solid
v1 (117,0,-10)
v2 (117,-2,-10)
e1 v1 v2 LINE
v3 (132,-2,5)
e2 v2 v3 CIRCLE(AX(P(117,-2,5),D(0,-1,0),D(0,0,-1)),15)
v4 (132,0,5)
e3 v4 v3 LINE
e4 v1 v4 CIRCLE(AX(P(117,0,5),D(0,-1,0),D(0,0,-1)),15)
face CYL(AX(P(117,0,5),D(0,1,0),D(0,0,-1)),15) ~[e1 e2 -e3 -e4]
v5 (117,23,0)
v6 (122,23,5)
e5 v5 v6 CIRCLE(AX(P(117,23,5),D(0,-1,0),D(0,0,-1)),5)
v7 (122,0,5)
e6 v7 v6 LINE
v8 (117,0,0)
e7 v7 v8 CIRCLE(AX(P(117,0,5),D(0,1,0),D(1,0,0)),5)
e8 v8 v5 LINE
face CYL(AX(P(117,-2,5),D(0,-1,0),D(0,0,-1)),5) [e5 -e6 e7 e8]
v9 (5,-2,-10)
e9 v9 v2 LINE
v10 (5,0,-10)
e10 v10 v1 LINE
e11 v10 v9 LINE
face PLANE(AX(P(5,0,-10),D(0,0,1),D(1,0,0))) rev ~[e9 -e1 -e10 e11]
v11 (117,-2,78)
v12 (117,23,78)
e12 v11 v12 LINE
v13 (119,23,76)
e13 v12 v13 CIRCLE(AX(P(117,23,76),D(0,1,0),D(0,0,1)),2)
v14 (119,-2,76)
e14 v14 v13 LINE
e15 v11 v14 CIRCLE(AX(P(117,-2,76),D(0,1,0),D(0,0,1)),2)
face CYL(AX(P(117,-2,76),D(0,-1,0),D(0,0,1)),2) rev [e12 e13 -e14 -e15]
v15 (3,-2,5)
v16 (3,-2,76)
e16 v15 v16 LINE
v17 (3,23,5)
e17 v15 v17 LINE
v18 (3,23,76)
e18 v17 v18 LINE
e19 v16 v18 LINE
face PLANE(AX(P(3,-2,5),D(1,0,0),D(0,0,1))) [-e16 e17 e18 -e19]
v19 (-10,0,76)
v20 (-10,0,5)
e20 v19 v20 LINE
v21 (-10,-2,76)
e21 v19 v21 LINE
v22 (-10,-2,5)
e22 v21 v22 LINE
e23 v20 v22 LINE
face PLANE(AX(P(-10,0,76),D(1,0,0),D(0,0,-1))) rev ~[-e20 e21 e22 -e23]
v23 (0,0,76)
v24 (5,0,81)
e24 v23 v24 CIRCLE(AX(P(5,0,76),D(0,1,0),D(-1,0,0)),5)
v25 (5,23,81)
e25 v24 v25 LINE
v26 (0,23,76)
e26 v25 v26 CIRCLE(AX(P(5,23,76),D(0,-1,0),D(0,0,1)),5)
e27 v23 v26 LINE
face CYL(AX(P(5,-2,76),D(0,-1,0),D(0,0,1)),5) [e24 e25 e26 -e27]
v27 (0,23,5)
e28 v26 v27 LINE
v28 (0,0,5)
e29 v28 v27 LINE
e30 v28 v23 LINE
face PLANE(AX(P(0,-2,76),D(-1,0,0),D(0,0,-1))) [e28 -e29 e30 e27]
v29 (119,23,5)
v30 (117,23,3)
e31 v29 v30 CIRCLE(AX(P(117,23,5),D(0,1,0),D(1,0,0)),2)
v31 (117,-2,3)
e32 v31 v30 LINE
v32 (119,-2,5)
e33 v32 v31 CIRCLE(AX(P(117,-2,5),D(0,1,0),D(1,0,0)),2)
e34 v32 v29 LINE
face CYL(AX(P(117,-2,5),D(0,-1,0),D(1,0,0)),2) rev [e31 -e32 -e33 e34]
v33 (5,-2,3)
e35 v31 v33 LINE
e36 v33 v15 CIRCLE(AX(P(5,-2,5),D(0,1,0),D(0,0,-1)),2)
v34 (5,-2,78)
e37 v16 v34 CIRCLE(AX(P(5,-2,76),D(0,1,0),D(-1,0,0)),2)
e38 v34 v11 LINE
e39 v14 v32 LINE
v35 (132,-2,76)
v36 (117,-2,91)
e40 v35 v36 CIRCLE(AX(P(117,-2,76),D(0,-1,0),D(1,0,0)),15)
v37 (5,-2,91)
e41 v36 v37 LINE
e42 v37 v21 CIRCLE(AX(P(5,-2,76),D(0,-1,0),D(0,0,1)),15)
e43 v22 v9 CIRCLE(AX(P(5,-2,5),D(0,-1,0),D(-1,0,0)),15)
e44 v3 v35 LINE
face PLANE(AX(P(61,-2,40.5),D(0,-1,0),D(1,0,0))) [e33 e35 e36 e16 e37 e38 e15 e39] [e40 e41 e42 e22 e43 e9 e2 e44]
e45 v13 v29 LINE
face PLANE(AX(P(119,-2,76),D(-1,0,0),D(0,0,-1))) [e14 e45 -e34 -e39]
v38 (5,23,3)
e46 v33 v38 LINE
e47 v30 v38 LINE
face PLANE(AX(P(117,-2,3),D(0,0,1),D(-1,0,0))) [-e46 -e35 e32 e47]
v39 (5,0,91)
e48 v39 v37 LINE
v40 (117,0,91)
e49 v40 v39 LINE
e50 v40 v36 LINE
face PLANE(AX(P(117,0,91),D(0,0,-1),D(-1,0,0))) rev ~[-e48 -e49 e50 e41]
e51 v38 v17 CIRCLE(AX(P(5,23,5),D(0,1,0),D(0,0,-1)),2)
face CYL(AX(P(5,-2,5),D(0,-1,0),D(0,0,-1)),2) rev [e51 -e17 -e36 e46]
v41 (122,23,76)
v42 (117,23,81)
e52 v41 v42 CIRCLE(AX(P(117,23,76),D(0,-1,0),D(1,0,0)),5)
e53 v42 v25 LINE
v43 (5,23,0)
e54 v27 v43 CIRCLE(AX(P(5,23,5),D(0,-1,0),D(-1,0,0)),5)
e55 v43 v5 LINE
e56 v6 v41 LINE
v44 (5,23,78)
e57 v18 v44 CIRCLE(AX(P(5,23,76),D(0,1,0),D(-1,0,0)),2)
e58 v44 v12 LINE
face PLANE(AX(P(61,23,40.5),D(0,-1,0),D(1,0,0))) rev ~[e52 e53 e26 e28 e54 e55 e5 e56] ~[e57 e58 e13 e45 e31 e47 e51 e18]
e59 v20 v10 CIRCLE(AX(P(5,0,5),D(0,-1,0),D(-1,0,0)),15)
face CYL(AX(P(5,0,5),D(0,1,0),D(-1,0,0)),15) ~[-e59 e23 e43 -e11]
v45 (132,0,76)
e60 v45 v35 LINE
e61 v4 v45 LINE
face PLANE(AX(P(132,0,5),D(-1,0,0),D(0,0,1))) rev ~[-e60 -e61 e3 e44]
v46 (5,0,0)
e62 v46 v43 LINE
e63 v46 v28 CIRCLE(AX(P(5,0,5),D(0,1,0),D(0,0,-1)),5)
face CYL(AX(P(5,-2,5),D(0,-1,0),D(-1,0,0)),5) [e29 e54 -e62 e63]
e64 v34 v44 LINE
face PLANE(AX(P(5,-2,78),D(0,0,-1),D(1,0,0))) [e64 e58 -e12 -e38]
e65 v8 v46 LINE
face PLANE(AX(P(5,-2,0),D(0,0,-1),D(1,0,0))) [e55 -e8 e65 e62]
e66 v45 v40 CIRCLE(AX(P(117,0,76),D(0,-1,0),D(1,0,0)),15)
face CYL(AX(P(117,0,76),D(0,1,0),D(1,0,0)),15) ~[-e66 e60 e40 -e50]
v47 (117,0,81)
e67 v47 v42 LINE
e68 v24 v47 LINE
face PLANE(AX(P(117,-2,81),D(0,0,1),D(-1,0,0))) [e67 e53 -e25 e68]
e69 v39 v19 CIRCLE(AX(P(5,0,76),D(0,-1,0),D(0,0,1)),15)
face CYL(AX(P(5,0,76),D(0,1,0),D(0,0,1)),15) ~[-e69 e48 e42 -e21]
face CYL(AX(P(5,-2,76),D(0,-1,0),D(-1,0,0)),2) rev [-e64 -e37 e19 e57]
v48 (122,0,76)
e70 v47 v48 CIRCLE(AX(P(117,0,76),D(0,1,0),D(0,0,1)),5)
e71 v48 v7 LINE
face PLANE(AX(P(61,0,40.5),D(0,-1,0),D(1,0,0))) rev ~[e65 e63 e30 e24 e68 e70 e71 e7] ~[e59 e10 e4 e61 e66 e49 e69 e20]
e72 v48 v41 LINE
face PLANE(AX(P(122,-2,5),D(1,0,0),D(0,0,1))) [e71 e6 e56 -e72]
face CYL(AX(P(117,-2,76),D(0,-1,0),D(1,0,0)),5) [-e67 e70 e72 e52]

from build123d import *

# Parameters (mm, degrees)
F1_DEPTH = 2
F3_DEPTH = 25


with BuildPart() as f1:
    # F0 (on Front) → F1 (new body)
    with BuildSketch(Plane.XZ):
        with BuildLine():
            Line((117, 91), (5, 91))
            ThreePointArc((5, 91), (-5.6066017178, 86.6066017178), (-10, 76))
            Line((-10, 76), (-10, 5))
            ThreePointArc((-10, 5), (-5.6066017178, -5.6066017178), (5, -10))
            Line((5, -10), (117, -10))
            ThreePointArc((117, -10), (127.6066017178, -5.6066017178), (132, 5))
            Line((132, 5), (132, 76))
            ThreePointArc((132, 76), (127.6066017178, 86.6066017178), (117, 91))
        make_face()
        with BuildLine():
            Line((117, 0), (5, 0))
            ThreePointArc((5, 0), (1.4644660941, 1.4644660941), (0, 5))
            Line((0, 5), (0, 76))
            ThreePointArc((0, 76), (1.4644660941, 79.5355339059), (5, 81))
            Line((5, 81), (117, 81))
            ThreePointArc((117, 81), (120.5355339059, 79.5355339059), (122, 76))
            Line((122, 76), (122, 5))
            ThreePointArc((122, 5), (120.5355339059, 1.4644660941), (117, 0))
        make_face(mode=Mode.SUBTRACT)
    extrude(amount=F1_DEPTH)

    # F2 (on face) → F3 (join)
    with BuildSketch(Plane.XZ.offset(2)):
        with BuildLine():
            Line((117, 81), (5, 81))
            ThreePointArc((5, 81), (1.4644660941, 79.5355339059), (0, 76))
            Line((0, 76), (0, 5))
            ThreePointArc((0, 5), (1.4644660941, 1.4644660941), (5, 0))
            Line((5, 0), (117, 0))
            ThreePointArc((117, 0), (120.5355339059, 1.4644660941), (122, 5))
            Line((122, 5), (122, 76))
            ThreePointArc((122, 76), (120.5355339059, 79.5355339059), (117, 81))
        make_face()
        with BuildLine():
            ThreePointArc((3, 76), (3.5857864376, 77.4142135624), (5, 78))
            Line((5, 78), (117, 78))
            ThreePointArc((117, 78), (118.4142135624, 77.4142135624), (119, 76))
            Line((119, 76), (119, 5))
            ThreePointArc((119, 5), (118.4142135624, 3.5857864376), (117, 3))
            Line((117, 3), (5, 3))
            ThreePointArc((5, 3), (3.5857864376, 3.5857864376), (3, 5))
            Line((3, 5), (3, 76))
        make_face(mode=Mode.SUBTRACT)
    extrude(amount=-F3_DEPTH)


solid = f1.part
